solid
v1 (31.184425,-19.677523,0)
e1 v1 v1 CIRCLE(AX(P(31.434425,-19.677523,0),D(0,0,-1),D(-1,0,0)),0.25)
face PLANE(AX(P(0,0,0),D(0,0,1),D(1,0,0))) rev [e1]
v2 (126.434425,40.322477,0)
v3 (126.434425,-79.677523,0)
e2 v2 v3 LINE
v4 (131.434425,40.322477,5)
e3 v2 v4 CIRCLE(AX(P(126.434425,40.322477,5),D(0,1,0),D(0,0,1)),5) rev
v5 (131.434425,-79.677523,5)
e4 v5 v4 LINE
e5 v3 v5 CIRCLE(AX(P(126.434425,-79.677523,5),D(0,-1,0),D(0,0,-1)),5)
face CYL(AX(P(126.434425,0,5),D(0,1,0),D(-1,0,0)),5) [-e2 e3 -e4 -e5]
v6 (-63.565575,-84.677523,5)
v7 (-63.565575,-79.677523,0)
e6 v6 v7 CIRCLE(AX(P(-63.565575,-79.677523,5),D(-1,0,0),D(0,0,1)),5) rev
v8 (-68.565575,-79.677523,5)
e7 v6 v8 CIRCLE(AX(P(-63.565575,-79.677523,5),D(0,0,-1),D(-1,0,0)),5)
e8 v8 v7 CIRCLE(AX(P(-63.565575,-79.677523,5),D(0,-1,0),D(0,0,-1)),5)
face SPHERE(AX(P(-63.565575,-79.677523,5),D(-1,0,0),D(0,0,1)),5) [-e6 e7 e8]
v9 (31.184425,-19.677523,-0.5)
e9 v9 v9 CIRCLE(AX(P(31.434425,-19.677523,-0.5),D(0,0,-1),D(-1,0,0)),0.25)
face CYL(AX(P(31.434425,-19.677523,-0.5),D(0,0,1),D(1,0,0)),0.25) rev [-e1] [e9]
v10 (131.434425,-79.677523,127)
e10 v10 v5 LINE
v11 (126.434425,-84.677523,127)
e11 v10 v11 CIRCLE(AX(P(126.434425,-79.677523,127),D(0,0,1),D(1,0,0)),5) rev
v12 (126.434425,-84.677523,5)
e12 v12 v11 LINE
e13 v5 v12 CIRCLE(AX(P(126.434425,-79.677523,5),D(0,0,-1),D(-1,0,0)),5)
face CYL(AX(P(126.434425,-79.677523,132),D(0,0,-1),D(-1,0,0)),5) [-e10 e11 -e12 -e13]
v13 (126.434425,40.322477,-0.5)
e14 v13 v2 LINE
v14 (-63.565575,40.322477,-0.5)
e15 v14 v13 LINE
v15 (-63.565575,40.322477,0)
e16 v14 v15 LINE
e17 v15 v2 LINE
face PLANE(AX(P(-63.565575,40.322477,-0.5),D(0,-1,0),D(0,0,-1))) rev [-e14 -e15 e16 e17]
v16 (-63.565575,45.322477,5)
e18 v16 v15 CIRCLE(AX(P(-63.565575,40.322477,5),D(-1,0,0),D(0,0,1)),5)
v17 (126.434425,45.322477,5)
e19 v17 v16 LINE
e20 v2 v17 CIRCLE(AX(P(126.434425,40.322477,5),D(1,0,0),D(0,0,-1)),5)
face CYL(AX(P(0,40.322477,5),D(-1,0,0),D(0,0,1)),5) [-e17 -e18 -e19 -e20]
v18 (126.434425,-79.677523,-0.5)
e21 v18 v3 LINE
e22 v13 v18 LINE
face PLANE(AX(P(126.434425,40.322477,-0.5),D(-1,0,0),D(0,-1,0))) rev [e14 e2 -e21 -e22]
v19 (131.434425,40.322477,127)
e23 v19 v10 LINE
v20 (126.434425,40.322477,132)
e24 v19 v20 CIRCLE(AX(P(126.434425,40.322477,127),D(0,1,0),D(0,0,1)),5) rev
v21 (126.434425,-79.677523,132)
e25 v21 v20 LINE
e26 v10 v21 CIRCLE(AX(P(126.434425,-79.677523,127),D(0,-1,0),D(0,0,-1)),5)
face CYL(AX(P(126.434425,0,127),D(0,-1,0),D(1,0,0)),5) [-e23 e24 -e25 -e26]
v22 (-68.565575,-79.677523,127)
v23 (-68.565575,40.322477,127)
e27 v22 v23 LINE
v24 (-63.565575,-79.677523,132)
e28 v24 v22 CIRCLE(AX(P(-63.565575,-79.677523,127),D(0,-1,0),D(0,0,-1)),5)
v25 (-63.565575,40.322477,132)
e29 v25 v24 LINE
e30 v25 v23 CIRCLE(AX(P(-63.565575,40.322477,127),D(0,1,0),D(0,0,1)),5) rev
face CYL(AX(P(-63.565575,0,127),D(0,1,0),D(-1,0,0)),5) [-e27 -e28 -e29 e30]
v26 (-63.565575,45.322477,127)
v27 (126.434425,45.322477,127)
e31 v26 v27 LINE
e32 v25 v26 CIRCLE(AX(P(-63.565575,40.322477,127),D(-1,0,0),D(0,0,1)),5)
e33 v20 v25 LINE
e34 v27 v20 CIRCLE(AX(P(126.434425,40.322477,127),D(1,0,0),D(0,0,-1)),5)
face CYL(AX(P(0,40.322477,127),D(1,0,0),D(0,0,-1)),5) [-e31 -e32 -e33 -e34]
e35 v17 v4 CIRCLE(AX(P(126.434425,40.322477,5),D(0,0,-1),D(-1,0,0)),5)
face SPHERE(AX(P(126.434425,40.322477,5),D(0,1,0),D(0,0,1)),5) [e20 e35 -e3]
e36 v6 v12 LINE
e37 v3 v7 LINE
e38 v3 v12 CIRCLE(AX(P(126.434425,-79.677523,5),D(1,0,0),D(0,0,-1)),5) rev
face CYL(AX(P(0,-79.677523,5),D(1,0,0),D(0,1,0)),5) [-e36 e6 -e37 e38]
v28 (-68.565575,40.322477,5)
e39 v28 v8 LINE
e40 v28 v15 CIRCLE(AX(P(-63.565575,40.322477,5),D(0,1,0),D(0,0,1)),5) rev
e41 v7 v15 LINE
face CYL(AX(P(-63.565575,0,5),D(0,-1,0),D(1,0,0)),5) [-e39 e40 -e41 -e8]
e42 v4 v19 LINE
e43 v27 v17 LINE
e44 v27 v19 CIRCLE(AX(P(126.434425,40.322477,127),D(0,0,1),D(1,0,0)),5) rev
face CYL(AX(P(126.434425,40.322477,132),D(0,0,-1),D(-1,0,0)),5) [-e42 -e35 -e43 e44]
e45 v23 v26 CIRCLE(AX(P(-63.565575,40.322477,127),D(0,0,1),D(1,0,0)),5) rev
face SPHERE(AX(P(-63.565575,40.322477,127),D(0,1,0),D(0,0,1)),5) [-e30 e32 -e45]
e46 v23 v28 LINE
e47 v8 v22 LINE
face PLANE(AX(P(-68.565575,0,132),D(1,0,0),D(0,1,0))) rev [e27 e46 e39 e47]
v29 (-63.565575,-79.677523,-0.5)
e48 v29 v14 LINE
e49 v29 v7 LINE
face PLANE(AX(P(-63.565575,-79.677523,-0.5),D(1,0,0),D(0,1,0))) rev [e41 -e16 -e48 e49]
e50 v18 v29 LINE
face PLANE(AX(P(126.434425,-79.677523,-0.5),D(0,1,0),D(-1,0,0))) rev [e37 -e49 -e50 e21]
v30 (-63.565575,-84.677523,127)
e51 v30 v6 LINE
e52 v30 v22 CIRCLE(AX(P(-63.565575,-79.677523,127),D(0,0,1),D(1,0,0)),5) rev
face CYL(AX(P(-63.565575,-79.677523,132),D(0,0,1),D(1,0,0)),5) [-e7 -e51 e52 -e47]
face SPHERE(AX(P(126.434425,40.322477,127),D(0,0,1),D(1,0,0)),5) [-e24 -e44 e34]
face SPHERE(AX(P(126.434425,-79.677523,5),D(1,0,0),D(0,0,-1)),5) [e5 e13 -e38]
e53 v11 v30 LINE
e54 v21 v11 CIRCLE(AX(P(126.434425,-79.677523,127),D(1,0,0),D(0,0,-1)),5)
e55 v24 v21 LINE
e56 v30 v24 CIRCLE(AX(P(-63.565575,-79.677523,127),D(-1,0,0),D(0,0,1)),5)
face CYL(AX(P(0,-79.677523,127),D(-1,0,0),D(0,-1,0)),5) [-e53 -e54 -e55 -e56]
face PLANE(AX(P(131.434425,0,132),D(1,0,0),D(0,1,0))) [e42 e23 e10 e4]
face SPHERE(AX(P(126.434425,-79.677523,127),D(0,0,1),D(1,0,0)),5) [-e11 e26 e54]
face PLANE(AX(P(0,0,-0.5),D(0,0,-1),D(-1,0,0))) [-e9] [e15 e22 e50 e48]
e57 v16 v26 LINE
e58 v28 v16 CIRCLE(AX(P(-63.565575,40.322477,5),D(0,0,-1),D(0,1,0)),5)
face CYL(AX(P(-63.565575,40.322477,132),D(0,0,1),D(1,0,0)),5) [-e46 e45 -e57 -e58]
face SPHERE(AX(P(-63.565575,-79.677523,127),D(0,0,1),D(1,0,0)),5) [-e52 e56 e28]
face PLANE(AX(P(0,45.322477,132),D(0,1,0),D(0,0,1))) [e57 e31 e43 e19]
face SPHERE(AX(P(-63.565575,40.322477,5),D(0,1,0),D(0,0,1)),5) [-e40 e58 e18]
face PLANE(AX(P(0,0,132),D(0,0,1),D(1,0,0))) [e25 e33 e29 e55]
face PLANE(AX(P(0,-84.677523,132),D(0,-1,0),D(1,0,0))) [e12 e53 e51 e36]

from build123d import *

# Parameters (mm, degrees)
SKETCH1_W           = 200
SKETCH1_H           = 130
BOSS_EXTRUDE1_DEPTH = 132
FILLET1_R           = 5
SKETCH2_W           = 190
SKETCH2_H           = 120
SKETCH2_R           = 0.25
BOSS_EXTRUDE2_DEPTH = 0.5


with BuildPart() as part:
    # Sketch1 → Boss-Extrude1 (new body)
    with BuildSketch(Plane.XY):
        with Locations((31.434425269, -19.677523207)):
            Rectangle(SKETCH1_W, SKETCH1_H)
    extrude(amount=BOSS_EXTRUDE1_DEPTH)

    # Fillet1
    fillet1_edges = [part.edges().sort_by_distance(p)[0] for p in [
        (131.434425269, -84.677523207, 66),
        (-68.565574731, -84.677523207, 66),
        (-68.565574731, 45.322476793, 66),
        (-68.565574731, -19.677523207, 132),
        (31.434425269, -84.677523207, 132),
        (131.434425269, -19.677523207, 132),
        (31.434425269, 45.322476793, 132),
        (131.434425269, -19.677523207, 0),
        (31.434425269, -84.677523207, 0),
        (-68.565574731, -19.677523207, 0),
        (31.434425269, 45.322476793, 0),
        (131.434425269, 45.322476793, 66),
    ]]
    fillet(fillet1_edges, radius=FILLET1_R)

    # Sketch2 → Boss-Extrude2 (add)
    with BuildSketch(Plane(origin=(0, 0, 0), x_dir=(-1, 0, 0), z_dir=(0, 0, -1))):
        with Locations((-31.434425269, -19.677523207)):
            Rectangle(SKETCH2_W, SKETCH2_H)
        with Locations((-31.434425269, -19.677523207)):
            Circle(SKETCH2_R, mode=Mode.SUBTRACT)
    extrude(amount=BOSS_EXTRUDE2_DEPTH)


solid = part.part
